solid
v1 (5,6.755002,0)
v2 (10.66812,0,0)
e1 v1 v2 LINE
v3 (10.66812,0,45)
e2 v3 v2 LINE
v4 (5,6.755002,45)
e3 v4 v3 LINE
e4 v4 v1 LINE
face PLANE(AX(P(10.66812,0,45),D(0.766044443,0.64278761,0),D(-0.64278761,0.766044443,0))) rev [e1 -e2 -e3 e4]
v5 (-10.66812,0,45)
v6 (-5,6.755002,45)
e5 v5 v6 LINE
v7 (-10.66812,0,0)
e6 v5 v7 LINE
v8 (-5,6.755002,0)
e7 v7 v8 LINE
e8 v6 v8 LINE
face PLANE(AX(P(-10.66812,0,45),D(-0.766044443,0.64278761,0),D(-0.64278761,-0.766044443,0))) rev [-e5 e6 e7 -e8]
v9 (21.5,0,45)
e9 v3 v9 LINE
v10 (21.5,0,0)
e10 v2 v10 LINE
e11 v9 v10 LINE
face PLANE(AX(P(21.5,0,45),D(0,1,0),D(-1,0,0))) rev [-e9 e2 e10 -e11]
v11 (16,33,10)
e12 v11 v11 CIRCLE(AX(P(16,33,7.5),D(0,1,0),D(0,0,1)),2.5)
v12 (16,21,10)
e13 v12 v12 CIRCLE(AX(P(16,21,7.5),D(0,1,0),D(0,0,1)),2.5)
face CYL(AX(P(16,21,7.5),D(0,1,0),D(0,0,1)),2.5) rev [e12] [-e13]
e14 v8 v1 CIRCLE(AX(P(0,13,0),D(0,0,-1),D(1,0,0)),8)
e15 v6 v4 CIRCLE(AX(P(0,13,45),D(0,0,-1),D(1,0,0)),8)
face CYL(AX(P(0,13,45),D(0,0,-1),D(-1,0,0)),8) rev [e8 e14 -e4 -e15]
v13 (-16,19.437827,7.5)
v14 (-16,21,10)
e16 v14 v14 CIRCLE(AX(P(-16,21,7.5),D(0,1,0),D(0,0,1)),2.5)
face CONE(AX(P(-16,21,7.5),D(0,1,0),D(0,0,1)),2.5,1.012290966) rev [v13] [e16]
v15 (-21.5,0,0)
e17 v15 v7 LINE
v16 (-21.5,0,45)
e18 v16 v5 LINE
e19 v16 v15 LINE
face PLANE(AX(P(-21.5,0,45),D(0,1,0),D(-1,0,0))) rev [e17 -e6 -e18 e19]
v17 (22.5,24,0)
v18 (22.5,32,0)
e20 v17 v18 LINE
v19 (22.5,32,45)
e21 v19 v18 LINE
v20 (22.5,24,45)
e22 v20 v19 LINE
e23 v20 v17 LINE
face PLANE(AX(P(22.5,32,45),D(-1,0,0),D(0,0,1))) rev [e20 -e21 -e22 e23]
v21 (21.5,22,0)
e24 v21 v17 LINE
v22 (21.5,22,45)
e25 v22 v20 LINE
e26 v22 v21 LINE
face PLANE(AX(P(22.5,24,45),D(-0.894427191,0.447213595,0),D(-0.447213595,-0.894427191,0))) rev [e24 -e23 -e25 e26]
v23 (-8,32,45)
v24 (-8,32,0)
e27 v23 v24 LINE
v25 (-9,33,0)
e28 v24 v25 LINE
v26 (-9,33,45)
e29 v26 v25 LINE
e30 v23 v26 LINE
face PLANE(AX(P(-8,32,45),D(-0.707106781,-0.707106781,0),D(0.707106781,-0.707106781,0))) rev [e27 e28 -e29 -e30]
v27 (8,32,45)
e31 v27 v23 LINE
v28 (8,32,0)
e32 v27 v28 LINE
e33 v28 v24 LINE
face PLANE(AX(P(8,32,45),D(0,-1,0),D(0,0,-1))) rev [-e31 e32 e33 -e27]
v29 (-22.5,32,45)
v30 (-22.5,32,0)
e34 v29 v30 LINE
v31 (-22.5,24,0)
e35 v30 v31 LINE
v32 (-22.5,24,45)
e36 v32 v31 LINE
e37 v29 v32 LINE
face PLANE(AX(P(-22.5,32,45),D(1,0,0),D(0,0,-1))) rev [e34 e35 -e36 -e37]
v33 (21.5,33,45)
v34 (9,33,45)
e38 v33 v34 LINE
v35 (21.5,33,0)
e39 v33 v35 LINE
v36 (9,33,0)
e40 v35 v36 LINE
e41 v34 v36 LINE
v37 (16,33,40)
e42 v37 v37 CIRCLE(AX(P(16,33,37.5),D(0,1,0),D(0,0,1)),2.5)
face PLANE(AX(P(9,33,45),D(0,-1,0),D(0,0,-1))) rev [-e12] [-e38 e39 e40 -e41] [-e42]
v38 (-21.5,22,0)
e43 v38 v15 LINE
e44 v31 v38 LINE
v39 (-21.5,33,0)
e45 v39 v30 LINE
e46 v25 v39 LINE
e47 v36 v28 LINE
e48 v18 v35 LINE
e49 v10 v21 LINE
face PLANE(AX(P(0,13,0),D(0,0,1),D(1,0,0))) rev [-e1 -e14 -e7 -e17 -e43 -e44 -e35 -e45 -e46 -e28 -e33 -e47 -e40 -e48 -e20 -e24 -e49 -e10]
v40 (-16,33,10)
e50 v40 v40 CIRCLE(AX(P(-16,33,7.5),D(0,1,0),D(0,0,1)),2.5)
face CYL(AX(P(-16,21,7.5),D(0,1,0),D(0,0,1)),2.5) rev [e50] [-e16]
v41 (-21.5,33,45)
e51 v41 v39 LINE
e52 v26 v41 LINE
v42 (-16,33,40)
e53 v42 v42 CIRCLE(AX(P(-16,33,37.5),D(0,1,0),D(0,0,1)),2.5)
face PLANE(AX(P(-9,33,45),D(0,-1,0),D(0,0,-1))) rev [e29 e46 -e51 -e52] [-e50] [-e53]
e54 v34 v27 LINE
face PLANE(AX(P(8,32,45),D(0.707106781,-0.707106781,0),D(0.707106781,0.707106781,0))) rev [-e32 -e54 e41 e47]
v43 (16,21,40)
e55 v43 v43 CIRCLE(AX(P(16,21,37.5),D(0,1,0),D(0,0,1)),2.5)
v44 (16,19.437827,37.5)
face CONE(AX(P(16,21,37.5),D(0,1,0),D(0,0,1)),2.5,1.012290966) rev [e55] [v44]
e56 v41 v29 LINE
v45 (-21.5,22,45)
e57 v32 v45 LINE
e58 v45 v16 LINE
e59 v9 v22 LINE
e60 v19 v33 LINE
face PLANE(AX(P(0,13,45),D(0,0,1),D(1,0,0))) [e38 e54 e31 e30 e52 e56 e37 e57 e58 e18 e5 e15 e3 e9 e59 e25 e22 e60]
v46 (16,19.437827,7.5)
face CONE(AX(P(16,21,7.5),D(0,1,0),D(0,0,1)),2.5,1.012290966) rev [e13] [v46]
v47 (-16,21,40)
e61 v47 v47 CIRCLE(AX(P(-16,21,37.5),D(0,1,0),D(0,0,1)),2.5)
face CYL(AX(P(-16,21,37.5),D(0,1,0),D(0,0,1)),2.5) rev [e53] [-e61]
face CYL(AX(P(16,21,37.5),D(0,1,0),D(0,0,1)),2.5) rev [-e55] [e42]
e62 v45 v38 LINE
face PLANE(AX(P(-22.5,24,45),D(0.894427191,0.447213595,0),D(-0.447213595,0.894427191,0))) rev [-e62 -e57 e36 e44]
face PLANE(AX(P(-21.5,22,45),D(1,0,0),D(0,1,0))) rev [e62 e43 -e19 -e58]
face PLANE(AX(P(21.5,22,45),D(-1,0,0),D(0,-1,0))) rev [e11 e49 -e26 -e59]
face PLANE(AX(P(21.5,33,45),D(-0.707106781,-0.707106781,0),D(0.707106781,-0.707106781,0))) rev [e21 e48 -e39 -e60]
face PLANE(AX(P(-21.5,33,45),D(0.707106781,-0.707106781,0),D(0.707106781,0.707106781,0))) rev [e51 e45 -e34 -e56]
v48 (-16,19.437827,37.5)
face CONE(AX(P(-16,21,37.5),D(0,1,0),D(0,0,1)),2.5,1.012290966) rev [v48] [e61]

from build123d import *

# Parameters (mm, degrees)
DODANIE_WYCI_GNI_CIE1_DEPTH = 45
SZKIC2_R                    = 2.5
WYTNIJ_WYCI_GNI_CIE1_DEPTH  = 12


with BuildPart() as part:
    # Szkic1 → Dodanie-wyciągnięcie1 (new body)
    with BuildSketch(Plane.XY):
        with BuildLine():
            Line((8, 32), (-8, 32))
            Line((-8, 32), (-9, 33))
            Line((-9, 33), (-21.5, 33))
            Line((-21.5, 33), (-22.5, 32))
            Line((-22.5, 32), (-22.5, 24))
            Line((-22.5, 24), (-21.5, 22))
            Line((-21.5, 22), (-21.5, 0))
            Line((-21.5, 0), (-10.668119688, 0))
            Line((-10.668119688, 0), (-5, 6.755002002))
            ThreePointArc((-5, 6.755002002), (0, 21), (5, 6.755002002))
            Line((5, 6.755002002), (10.668119688, 0))
            Line((10.668119688, 0), (21.5, 0))
            Line((21.5, 0), (21.5, 22))
            Line((21.5, 22), (22.5, 24))
            Line((22.5, 24), (22.5, 32))
            Line((22.5, 32), (21.5, 33))
            Line((21.5, 33), (9, 33))
            Line((9, 33), (8, 32))
        make_face()
    extrude(amount=DODANIE_WYCI_GNI_CIE1_DEPTH)

    # Szkic2 → Wytnij-wyciągnięcie1 (cut)
    with BuildSketch(Plane(origin=(0, 33, 0), x_dir=(1, 0, 0), z_dir=(0, 1, 0))):
        with Locations(Location((-16, -37.5, 0), (0, 0, 270))):
            Circle(SZKIC2_R)
        with Locations(Location((-16, -7.5, 0), (0, 0, 270))):
            Circle(SZKIC2_R)
        with Locations(Location((16, -7.5, 0), (0, 0, 270))):
            Circle(SZKIC2_R)
        with Locations(Location((16, -37.5, 0), (0, 0, 270))):
            Circle(SZKIC2_R)
    extrude(amount=-WYTNIJ_WYCI_GNI_CIE1_DEPTH, mode=Mode.SUBTRACT)

    # Wytnij-wyciągnięcie2 cone 1 section (through the dimple's axis) → Wytnij-wyciągnięcie2 (revolve, cut)
    with BuildSketch(Plane(origin=(16, 21, 7.5), x_dir=(0, 0, 1), z_dir=(1, 0, 0))):
        Polygon((0, 0), (2.5, 0), (0, 1.56217338), align=None)
    revolve(axis=Axis((16, 21, 7.5), (0, -1, 0)), mode=Mode.SUBTRACT)

    # Wytnij-wyciągnięcie2 cone 2 section (through the dimple's axis) → Wytnij-wyciągnięcie2 cone 2 (revolve, cut)
    with BuildSketch(Plane(origin=(-16, 21, 7.5), x_dir=(0, 0, 1), z_dir=(1, 0, 0))):
        Polygon((0, 0), (2.5, 0), (0, 1.56217338), align=None)
    revolve(axis=Axis((-16, 21, 7.5), (0, -1, 0)), mode=Mode.SUBTRACT)

    # Wytnij-wyciągnięcie2 cone 3 section (through the dimple's axis) → Wytnij-wyciągnięcie2 cone 3 (revolve, cut)
    with BuildSketch(Plane(origin=(-16, 21, 37.5), x_dir=(0, 0, 1), z_dir=(1, 0, 0))):
        Polygon((0, 0), (2.5, 0), (0, 1.56217338), align=None)
    revolve(axis=Axis((-16, 21, 37.5), (0, -1, 0)), mode=Mode.SUBTRACT)

    # Wytnij-wyciągnięcie2 cone 4 section (through the dimple's axis) → Wytnij-wyciągnięcie2 cone 4 (revolve, cut)
    with BuildSketch(Plane(origin=(16, 21, 37.5), x_dir=(0, 0, 1), z_dir=(1, 0, 0))):
        Polygon((0, 0), (2.5, 0), (0, 1.56217338), align=None)
    revolve(axis=Axis((16, 21, 37.5), (0, -1, 0)), mode=Mode.SUBTRACT)


solid = part.part
